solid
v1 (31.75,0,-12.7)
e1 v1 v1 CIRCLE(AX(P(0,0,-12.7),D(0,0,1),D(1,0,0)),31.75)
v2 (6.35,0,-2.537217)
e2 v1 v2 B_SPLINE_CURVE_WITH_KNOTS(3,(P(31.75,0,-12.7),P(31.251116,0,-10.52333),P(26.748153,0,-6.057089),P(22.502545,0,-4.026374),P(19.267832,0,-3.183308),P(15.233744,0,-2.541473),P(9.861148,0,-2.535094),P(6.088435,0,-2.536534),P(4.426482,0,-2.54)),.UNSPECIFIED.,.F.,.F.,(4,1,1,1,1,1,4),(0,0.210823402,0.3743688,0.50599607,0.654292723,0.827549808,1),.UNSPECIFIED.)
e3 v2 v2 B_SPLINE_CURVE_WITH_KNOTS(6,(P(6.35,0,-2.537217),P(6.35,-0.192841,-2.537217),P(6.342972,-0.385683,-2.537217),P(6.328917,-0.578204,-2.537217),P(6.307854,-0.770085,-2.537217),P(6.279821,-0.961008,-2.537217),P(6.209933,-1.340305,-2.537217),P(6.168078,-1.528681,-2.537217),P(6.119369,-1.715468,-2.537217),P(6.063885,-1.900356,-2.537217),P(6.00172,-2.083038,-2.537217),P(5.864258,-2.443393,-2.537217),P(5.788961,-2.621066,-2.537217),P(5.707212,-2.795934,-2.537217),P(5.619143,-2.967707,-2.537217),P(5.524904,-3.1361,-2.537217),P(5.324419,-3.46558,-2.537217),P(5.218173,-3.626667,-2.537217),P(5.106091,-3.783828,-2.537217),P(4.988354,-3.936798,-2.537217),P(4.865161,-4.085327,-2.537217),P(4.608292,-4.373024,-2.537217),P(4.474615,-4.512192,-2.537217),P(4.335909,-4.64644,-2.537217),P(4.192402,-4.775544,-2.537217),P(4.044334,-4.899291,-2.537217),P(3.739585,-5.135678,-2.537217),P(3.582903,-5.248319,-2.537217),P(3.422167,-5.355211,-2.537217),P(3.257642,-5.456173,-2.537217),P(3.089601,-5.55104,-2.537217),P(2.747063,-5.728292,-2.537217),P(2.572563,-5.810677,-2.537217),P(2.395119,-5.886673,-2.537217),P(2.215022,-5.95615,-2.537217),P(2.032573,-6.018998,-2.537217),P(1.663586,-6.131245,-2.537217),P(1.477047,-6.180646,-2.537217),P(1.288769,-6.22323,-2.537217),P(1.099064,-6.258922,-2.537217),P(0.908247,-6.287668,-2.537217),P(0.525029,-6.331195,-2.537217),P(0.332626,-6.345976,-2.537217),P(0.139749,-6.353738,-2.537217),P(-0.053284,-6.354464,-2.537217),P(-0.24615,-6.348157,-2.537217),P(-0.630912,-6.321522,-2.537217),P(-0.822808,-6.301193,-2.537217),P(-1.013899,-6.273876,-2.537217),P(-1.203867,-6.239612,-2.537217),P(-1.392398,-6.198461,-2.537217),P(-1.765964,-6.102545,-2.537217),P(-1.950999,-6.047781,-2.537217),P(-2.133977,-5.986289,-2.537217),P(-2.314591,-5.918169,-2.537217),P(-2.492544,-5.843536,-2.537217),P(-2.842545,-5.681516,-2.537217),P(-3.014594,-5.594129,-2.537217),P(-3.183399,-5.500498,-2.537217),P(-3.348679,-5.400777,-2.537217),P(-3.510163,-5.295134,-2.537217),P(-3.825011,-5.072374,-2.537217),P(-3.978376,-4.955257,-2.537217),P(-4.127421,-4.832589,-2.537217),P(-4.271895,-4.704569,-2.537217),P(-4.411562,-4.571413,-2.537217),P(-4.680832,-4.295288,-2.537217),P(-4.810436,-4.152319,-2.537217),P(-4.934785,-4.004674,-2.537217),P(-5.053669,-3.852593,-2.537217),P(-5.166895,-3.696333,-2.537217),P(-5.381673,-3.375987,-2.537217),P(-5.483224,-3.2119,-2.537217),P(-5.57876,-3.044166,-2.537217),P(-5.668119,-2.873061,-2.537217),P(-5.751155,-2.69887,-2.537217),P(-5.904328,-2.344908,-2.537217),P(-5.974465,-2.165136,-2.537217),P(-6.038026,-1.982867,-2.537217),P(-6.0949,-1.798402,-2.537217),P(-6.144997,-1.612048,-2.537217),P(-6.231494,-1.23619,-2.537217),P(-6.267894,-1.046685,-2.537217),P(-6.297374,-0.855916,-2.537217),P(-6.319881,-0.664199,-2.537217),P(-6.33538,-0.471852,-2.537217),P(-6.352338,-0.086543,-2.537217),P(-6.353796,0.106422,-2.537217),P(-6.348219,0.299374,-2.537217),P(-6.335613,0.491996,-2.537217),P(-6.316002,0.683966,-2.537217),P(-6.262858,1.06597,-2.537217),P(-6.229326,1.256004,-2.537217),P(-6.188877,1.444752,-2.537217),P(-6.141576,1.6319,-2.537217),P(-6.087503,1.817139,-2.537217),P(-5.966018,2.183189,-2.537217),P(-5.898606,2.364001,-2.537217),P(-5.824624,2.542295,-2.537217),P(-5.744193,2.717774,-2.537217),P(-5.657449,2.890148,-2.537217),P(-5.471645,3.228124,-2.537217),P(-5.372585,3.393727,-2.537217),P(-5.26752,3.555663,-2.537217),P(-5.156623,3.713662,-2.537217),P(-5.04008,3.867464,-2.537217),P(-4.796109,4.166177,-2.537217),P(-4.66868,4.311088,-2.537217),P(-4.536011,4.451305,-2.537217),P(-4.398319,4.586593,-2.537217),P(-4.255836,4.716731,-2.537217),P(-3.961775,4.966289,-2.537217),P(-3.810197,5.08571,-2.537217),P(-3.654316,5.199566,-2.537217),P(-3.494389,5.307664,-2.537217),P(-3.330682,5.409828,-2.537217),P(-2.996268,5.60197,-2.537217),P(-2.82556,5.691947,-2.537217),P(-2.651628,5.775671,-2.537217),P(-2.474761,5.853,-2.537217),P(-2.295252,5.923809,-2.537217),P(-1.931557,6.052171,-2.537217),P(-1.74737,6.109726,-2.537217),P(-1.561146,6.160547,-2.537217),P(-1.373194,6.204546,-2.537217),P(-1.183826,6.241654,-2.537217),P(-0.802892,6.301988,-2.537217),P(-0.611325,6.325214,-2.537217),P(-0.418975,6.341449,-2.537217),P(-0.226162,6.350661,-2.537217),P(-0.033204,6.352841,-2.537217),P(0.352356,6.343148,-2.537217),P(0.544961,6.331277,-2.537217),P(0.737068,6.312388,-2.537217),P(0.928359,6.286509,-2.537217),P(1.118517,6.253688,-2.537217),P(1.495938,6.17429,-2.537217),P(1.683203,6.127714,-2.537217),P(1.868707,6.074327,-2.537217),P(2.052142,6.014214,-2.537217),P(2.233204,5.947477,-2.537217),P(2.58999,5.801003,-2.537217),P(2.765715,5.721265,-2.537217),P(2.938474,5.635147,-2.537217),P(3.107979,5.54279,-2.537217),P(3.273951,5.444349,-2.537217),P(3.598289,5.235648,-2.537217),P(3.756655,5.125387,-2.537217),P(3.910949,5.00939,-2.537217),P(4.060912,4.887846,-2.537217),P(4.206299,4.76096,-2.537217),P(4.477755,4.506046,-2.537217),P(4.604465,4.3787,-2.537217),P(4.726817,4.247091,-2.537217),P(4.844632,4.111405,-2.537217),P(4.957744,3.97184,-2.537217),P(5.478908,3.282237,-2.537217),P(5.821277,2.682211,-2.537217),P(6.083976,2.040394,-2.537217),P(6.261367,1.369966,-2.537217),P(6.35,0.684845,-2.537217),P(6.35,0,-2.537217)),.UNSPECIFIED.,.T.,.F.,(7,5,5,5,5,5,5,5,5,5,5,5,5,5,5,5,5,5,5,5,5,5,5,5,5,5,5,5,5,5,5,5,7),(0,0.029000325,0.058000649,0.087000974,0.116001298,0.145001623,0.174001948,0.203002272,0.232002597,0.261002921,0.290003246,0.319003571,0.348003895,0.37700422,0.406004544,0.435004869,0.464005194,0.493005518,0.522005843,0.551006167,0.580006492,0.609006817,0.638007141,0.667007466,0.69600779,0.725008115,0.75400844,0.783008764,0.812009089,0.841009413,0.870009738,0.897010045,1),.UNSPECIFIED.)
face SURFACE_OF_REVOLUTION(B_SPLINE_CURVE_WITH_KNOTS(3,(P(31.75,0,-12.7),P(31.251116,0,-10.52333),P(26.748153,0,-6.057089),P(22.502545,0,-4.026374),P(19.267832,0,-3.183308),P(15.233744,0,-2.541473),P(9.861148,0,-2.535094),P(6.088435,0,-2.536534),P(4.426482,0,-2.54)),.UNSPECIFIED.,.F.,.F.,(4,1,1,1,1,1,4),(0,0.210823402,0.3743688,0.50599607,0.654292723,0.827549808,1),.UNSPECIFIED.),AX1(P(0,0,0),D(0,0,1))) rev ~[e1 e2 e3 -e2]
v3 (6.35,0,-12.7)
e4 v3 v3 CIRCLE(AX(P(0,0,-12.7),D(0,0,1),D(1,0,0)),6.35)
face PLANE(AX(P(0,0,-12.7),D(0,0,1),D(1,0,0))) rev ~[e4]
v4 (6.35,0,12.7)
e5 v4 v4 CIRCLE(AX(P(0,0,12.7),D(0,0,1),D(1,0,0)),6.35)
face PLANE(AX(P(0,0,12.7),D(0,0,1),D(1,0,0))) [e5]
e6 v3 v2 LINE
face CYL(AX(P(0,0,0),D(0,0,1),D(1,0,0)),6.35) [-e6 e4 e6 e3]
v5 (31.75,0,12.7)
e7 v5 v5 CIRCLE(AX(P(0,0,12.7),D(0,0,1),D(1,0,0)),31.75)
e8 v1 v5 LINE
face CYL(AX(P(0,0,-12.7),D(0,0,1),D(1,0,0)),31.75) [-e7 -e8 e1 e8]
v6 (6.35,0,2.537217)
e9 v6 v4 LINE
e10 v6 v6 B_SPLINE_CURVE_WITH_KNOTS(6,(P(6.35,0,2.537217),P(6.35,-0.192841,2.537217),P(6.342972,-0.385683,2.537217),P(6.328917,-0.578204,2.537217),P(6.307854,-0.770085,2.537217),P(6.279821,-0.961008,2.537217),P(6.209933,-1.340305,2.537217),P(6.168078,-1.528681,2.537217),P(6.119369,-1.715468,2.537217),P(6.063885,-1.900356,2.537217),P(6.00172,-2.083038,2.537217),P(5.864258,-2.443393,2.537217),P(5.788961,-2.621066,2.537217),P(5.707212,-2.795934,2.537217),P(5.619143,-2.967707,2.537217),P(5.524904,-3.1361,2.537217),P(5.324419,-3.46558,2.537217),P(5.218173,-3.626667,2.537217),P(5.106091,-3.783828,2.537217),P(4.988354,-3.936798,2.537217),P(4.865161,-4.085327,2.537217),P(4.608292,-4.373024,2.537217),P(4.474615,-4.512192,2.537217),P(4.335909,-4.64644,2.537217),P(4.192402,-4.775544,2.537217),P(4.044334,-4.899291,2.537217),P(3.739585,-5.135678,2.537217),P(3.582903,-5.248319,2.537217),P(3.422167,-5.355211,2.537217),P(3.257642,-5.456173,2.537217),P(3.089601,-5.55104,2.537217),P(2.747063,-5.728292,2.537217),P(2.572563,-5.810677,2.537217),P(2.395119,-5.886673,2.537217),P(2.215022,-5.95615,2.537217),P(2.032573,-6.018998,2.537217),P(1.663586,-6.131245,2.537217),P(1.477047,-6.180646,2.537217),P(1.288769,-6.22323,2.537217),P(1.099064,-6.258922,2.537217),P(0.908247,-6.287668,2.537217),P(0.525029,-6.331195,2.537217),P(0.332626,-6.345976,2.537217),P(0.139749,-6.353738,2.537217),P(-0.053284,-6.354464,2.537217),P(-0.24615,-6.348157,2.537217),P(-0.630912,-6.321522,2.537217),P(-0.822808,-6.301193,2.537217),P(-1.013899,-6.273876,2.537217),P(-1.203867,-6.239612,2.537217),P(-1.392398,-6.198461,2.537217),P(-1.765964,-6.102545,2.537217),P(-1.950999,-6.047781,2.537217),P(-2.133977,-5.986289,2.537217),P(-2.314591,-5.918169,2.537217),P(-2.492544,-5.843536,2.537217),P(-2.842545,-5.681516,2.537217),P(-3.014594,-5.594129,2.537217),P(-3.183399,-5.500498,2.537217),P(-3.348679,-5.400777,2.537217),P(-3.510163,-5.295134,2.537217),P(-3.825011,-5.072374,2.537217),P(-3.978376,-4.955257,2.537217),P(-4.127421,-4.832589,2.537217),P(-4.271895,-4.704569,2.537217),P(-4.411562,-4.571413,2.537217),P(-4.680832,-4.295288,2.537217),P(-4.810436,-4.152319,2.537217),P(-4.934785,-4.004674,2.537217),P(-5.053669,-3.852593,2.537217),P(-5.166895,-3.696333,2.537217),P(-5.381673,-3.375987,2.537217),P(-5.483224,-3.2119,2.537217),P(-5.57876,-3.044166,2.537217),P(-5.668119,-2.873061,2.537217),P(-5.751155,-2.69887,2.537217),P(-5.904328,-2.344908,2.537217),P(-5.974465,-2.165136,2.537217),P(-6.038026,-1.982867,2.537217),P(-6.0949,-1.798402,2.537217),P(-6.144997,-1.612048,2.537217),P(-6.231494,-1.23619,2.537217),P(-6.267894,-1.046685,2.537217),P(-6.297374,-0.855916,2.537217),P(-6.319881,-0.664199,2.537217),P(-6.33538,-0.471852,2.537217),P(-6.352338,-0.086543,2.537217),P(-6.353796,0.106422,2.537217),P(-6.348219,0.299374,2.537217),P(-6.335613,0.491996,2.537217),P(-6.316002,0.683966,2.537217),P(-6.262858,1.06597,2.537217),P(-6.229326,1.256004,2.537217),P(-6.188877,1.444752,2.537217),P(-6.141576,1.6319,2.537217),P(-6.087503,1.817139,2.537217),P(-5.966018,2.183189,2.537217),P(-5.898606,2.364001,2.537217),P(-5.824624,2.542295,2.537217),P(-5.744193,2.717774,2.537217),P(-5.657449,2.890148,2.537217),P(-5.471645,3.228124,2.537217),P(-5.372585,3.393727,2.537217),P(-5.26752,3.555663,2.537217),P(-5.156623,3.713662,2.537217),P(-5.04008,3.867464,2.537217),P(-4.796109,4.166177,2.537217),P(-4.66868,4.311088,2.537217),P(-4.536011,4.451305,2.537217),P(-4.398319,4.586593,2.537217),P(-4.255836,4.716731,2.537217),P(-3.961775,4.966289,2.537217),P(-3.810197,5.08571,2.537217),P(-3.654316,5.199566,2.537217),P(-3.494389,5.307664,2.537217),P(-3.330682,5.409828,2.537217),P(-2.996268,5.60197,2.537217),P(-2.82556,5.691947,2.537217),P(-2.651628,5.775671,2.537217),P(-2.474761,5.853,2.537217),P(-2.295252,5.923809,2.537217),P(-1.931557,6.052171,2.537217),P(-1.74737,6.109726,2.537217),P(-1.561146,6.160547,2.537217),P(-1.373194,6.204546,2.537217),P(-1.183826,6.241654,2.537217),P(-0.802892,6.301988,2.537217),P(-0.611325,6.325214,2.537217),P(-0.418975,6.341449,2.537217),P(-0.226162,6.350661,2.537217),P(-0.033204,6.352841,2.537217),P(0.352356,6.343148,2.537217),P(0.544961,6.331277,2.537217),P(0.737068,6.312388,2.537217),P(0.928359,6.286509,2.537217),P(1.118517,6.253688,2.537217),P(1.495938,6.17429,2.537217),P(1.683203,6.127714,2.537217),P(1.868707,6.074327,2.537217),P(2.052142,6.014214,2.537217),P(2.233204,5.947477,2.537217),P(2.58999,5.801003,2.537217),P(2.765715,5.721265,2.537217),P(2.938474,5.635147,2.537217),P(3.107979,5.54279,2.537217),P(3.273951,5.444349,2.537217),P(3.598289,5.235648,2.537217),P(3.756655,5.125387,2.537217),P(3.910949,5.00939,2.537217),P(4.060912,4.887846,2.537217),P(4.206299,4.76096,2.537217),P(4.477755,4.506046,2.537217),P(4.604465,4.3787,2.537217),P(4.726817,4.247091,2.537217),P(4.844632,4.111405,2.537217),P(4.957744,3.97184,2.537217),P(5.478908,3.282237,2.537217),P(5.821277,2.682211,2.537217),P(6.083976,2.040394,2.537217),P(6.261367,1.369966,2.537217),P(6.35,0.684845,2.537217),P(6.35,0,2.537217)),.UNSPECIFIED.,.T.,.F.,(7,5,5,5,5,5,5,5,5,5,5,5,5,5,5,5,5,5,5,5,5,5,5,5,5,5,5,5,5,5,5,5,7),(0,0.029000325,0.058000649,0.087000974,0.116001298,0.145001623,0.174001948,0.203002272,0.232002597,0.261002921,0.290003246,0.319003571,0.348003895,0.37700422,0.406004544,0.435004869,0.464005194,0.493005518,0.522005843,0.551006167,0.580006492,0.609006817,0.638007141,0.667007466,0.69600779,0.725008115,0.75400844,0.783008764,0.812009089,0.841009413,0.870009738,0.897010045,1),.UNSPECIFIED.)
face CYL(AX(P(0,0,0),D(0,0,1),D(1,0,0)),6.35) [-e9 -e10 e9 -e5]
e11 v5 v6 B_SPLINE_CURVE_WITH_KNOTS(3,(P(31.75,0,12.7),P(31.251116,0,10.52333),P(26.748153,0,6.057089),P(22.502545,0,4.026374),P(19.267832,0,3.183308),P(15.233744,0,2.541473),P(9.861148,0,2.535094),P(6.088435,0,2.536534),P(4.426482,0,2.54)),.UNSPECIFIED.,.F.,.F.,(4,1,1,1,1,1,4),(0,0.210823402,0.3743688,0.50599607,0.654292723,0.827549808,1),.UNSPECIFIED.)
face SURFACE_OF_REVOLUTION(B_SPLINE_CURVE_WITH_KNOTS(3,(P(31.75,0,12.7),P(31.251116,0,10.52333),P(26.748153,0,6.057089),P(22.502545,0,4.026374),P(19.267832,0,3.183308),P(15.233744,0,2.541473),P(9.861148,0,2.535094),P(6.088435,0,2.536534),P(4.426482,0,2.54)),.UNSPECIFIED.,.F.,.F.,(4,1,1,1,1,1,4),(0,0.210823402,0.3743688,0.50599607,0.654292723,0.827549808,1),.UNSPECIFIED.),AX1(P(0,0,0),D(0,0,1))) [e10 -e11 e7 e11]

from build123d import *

# Parameters (mm, degrees)
F2_R     = 6.35
F3_DEPTH = 12.7


with BuildPart() as f1:
    # F0 (on Front) → F1 (revolve)
    with BuildSketch(Plane.XZ):
        with BuildLine():
            Line((31.75, -12.7), (31.75, 0))
            Line((31.75, 0), (31.75, 12.7))
            add(Edge.make_bspline(
                [(31.75, 12.7), (31.2511163445, 10.5233300527), (26.7481528072, 6.0570886726), (22.5025453307, 4.0263742854), (19.2678318468, 3.1833082093), (15.2337437975, 2.5414726038), (9.8611478235, 2.5350944238), (6.0884345974, 2.5365340992), (4.4264820156, 2.54)],
                knots=[0, 0, 0, 0, 0.2108234019, 0.3743688001, 0.5059960703, 0.6542927225, 0.8275498079, 1, 1, 1, 1], degree=3))
            Line((4.4264820156, 2.54), (0, 2.54))
            Line((0, 2.54), (0, -2.54))
            Line((0, -2.54), (4.4264820156, -2.54))
            add(Edge.make_bspline(
                [(31.75, -12.7), (31.2511163445, -10.5233300527), (26.7481528072, -6.0570886726), (22.5025453307, -4.0263742854), (19.2678318468, -3.1833082093), (15.2337437975, -2.5414726038), (9.8611478235, -2.5350944238), (6.0884345974, -2.5365340992), (4.4264820156, -2.54)],
                knots=[0, 0, 0, 0, 0.2108234019, 0.3743688001, 0.5059960703, 0.6542927225, 0.8275498079, 1, 1, 1, 1], degree=3))
        make_face()
    revolve(axis=Axis((0, 0, 0), (0, 0, 1)))

    # F2 (on Top) → F3 (join, symmetric)
    with BuildSketch(Plane.XY):
        Circle(F2_R)
    extrude(amount=F3_DEPTH, both=True)


solid = f1.part
